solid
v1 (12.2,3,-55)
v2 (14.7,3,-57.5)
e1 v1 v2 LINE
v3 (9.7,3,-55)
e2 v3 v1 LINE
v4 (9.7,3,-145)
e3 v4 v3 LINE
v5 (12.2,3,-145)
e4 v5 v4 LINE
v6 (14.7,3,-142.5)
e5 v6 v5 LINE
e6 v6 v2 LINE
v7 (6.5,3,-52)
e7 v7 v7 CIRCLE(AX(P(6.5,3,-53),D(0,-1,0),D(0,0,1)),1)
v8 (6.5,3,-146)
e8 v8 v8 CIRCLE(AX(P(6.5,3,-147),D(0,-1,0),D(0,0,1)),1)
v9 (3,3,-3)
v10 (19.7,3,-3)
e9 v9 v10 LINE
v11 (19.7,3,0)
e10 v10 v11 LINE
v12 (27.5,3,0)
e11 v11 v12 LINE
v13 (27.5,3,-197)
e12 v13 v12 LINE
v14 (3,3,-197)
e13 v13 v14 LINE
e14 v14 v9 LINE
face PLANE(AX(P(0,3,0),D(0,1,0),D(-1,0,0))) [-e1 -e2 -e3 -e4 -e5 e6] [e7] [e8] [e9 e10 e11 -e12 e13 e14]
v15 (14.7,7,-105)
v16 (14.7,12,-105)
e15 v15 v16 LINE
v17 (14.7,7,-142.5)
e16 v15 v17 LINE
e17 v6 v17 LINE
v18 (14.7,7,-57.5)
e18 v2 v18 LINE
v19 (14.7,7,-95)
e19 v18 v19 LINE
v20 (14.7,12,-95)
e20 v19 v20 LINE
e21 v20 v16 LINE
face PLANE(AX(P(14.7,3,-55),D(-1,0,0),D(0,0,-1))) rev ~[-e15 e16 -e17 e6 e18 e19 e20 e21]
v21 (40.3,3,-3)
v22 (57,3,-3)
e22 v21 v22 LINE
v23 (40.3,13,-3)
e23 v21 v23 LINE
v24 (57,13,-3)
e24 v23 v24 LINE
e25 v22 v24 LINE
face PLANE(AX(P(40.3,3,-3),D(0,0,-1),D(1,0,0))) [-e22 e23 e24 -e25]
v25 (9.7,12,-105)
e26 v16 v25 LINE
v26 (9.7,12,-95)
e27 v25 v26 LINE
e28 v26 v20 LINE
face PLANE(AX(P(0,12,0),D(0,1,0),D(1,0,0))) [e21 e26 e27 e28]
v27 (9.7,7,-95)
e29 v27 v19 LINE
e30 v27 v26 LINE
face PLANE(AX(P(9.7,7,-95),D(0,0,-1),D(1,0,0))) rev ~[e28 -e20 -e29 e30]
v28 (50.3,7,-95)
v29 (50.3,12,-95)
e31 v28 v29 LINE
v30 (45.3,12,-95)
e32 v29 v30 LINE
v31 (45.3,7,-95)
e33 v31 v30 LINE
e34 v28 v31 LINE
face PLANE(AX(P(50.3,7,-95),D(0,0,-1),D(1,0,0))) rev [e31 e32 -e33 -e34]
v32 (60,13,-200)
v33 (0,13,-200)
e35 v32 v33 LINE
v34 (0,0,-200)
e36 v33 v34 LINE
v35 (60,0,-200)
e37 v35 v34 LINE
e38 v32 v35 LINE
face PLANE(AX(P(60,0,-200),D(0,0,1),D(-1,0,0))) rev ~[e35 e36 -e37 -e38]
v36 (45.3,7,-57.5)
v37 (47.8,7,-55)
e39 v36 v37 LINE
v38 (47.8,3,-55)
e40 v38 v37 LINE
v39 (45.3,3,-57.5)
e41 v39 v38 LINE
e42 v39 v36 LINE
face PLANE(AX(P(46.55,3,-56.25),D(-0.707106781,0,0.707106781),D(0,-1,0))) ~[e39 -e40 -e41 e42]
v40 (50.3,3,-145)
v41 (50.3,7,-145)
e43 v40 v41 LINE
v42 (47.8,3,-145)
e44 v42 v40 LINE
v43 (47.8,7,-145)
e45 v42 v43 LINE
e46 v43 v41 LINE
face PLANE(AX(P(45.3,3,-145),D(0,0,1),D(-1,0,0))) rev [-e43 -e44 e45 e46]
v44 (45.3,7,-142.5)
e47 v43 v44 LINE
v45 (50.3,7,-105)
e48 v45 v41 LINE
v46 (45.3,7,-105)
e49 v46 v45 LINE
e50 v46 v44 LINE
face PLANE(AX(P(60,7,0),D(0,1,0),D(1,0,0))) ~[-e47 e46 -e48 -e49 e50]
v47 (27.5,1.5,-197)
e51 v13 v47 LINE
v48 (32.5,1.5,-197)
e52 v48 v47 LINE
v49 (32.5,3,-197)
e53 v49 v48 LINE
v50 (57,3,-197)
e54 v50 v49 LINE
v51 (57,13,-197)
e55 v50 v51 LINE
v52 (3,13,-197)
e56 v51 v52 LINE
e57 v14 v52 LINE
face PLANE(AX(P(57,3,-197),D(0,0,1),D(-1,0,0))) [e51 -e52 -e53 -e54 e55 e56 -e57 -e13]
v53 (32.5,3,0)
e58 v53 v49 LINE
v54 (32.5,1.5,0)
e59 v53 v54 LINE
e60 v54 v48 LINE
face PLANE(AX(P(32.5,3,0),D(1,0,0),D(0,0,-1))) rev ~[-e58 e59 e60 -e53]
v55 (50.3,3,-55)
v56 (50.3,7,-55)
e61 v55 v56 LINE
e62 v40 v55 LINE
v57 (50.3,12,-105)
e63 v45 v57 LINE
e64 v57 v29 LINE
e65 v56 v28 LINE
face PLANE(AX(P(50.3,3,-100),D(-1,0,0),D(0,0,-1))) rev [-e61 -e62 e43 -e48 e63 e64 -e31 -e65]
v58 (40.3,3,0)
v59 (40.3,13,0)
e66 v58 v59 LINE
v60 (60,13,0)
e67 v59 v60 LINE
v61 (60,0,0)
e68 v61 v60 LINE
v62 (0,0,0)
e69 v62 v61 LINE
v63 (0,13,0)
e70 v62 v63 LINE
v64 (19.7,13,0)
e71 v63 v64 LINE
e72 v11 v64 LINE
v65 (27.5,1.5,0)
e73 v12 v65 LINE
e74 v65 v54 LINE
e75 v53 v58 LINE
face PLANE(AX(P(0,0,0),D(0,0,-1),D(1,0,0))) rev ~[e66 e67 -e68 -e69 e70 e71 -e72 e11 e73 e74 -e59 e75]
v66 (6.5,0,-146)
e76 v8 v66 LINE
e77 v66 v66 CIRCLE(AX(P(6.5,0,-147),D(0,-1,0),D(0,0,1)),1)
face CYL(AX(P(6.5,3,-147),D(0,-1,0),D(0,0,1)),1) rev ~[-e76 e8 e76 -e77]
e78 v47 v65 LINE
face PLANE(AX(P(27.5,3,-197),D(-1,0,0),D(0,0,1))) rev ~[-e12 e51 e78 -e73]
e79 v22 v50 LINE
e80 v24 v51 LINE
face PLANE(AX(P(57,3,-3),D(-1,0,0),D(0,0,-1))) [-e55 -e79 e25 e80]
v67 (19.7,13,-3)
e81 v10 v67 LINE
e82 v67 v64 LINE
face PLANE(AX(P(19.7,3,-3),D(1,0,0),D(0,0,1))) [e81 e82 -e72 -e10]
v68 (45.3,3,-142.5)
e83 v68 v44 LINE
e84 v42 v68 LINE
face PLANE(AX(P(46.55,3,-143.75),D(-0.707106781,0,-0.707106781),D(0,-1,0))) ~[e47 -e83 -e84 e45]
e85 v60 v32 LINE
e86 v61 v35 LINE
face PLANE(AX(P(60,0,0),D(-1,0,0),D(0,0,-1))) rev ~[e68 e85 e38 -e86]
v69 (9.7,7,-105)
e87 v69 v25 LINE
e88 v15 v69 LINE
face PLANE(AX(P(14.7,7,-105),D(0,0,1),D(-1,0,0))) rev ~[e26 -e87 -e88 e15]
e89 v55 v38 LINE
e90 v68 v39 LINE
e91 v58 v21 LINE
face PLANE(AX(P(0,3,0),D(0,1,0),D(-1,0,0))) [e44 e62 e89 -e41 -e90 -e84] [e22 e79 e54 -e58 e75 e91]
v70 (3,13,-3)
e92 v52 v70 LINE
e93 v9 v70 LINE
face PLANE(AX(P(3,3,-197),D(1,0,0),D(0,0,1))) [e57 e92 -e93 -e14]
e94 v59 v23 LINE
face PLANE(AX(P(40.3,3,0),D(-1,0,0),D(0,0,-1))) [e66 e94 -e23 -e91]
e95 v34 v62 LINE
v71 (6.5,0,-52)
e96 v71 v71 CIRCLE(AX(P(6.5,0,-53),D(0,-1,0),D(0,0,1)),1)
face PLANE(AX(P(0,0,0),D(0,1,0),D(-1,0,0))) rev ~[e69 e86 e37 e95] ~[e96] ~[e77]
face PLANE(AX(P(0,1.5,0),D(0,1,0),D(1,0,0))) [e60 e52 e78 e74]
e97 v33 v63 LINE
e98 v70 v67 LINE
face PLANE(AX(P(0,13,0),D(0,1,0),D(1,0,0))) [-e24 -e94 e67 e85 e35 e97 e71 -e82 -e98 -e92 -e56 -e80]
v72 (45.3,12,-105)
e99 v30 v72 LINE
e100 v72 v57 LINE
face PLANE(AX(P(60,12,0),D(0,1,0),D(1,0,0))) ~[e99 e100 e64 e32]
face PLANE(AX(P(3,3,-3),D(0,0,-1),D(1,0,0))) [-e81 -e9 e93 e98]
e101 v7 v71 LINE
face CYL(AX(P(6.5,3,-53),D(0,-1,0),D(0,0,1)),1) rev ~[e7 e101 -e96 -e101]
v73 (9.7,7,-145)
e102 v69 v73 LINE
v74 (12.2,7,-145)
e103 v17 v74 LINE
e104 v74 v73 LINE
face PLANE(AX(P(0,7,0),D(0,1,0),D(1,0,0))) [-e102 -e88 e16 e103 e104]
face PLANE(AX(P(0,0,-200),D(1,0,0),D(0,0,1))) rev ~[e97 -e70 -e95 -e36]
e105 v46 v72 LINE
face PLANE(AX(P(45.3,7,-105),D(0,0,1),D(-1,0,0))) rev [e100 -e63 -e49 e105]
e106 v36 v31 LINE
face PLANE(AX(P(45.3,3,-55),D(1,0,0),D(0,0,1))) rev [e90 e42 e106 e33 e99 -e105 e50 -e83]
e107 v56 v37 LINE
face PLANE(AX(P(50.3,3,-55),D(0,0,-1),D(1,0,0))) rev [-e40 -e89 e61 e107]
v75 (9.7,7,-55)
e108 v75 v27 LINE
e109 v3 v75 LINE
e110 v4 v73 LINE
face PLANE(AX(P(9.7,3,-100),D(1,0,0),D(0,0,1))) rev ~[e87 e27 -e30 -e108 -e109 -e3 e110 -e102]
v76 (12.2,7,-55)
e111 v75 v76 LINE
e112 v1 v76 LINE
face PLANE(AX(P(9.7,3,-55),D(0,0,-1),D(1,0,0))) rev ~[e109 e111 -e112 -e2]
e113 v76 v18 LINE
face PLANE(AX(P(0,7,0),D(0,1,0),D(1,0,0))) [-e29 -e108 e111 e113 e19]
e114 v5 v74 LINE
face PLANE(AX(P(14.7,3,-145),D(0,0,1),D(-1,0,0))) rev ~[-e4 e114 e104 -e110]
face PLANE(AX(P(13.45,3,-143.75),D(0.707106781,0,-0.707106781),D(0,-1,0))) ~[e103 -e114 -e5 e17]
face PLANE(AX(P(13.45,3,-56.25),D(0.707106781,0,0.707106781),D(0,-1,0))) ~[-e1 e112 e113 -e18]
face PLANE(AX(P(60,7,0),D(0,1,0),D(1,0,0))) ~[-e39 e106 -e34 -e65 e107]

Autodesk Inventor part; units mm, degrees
ref_plane "YZ Plane" through (0, 0, 0) normal (1, 0, 0) x (0, 1, 0)
ref_plane "XZ Plane" through (0, 0, 0) normal (0, 1, 0) x (-1, 0, 0)
ref_plane "XY Plane" through (0, 0, 0) normal (0, 0, 1) x (1, 0, 0)
sketch "Sketch1" plane through (0, 0, 0) normal (0, 1, 0) x (-1, 0, 0)
  line L0 (0, 0) -> (-60, 0)
  line L1 (-60, 0) -> (-60, -200)
  line L2 (-60, -200) -> (0, -200)
  line L3 (0, -200) -> (0, 0)
  dimension "d0" = 60
  dimension "d1" = 200
extrude "Base" add sketch "Sketch1" along normal blind 3
sketch "Sketch4" plane through (0, 3, 0) normal (0, 1, 0) x (1, 0, 0)
  line L0 (0, 0) -> (60, 0) projected
  line L1 (60, 0) -> (60, 200) projected
  line L2 (60, 200) -> (0, 200) projected
  line L3 (0, 200) -> (0, 0) projected
  line L4 (3, 3) -> (57, 3)
  line L5 (57, 3) -> (57, 197)
  line L6 (57, 197) -> (3, 197)
  line L7 (3, 197) -> (3, 3)
  line L8 (19.7, 0) -> (40.3, 0)
  line L9 (40.3, 0) -> (40.3, 3)
  line L10 (40.3, 3) -> (19.7, 3)
  line L11 (19.7, 3) -> (19.7, 0)
  point P0 (30, 0)
  point P1 (30, 3)
  dimension "d6" = 3
  dimension "d7" = 20.6
extrude "Paredes" add sketch "Sketch4" along normal blind 10 contours L3 L2 L1 L0 L9 L4 L5 L6 L7 L11
sketch "Sketch5" plane through (0, 3, 0) normal (0, 1, 0) x (1, 0, 0)
  line L0 (27.5, 0) -> (32.5, 0)
  line L1 (32.5, 0) -> (32.5, 197)
  line L2 (32.5, 197) -> (27.5, 197)
  line L3 (27.5, 197) -> (27.5, 0)
  line L4 (19.7, 0) -> (40.3, 0) projected
  line L5 (57, 197) -> (3, 197) projected
  point P0 (0, 0)
  point P1 (30, 0)
  point P2 (30, 197)
  dimension "d10" = 5
extrude "Canal" cut sketch "Sketch5" against normal blind 1.5
sketch "Sketch6" plane through (0, 3, 0) normal (0, 1, 0) x (1, 0, 0)
  line L0 (6.5, 3.0083) -> (6.5, 197)
  line L1 (27.5, 197) -> (3, 197) projected
  line L2 (3, 197) -> (3, 3) projected
  line L3 (3, 3) -> (19.7, 3) projected
  point P0 (0, 0)
  point P1 (6.5, 53)
  point P2 (6.5, 147)
  dimension "d13" = 3.5
  dimension "d14" = 50
  dimension "d15" = 50
hole "Agujeros" at (6.5, 3, -53) at (6.5, 3, -147) direction (0, -1, 0) diameter 2 end through all
ref_plane "Mitad" through (30, 3, -3) normal (1, 0, 0) x (0, 0, -1)
sketch "Sketch9" plane through (0, 3, 0) normal (0, 1, 0) x (1, 0, 0)
  line L0 (9.7, 55) -> (14.7, 55)
  line L1 (14.7, 55) -> (14.7, 145)
  line L2 (14.7, 145) -> (9.7, 145)
  line L3 (9.7, 145) -> (9.7, 55)
  line L4 (30, 240) -> (30, -40) projected
  line L5 (3, 197) -> (3, 3) projected
  line L6 (3, 100) -> (57, 100)
  line L7 (57, 197) -> (57, 3) projected
  point P0 (0, 0)
  point P1 (14.7, 100)
  dimension "d23" = 15.3
  dimension "d24" = 90
  dimension "d25" = 5
extrude "Soporte base" add sketch "Sketch9" along normal blind 4
chamfer "Chaflán soporte" distance 2.5 angle 45 2 edges at (14.7, 5, -55) (14.7, 5, -145)
sketch "Sketch10" plane through (0, 7, 0) normal (0, 1, 0) x (1, 0, 0)
  line L0 (9.7, 95) -> (14.7, 95)
  line L1 (14.7, 95) -> (14.7, 105)
  line L2 (14.7, 105) -> (9.7, 105)
  line L3 (9.7, 105) -> (9.7, 95)
  line L4 (9.7, 145) -> (9.7, 55) projected
  line L5 (14.7, 57.5) -> (14.7, 142.5) projected
  point P0 (0, 0)
  point P1 (9.7, 100)
  point P2 (14.7, 100)
  dimension "d31" = 10
extrude "Soporte tope" add sketch "Sketch10" along normal blind 5
mirror "Segundo soporte" about plane through (30, 3, -3) normal (1, 0, 0) of "Soporte base", "Chaflán soporte", "Soporte tope"
equation "\"d0\" = base_ancho"
equation "\"d1\" = base_largo"
equation "\"d2\" = base_alto"
equation "\"d6\" = muros_grosor"
equation "\"d7\" = hoja_ancho + 2 * margen"
equation "\"d8\" = muros_alto"
equation "\"d10\" = rail_grosor"
equation "\"d11\" = rail_alto"
equation "\"d13\" = base_agujeros_separacion"
equation "\"d14\" = base_agujeros_distancia"
equation "\"d15\" = d14"
equation "\"d16\" = base_agujeros_diametro"
equation "\"d21\" = d14"
equation "\"d23\" = 0.5 * hoja_ancho_total + margen"
equation "\"d24\" = deslizador_soporte_largo"
equation "\"d25\" = deslizador_soporte_ancho"
equation "\"d26\" = deslizador_soporte_alto"
equation "\"d28\" = 0.5 * deslizador_soporte_ancho"
equation "\"d31\" = deslizador_tope_largo"
equation "\"d32\" = deslizador_tope_alto"
equation "\"margen\" = 0.3"
equation "\"hoja_stop_largo\" = 5"
equation "\"hoja_stop_saliente\" = 5"
equation "\"hoja_stop_posicion\" = 5"
equation "\"hoja_alto\" = 3"
equation "\"rail_grosor\" = 5"
equation "\"base_alto\" = 3"
equation "\"base_ancho\" = 60"
equation "\"base_largo\" = 200"
equation "\"muros_alto\" = 10"
equation "\"muros_grosor\" = 3"
equation "\"rail_alto\" = 1.5"
equation "\"hoja_stop_biselado\" = 2"
equation "\"hoja_cola_biselado\" = 1"
equation "\"hoja_filo_biselado\" = 0.5"
equation "\"deslizador_soporte_alto\" = 4"
equation "\"deslizador_soporte_ancho\" = 5"
equation "\"deslizador_tope_alto\" = 5"
equation "\"deslizador_soporte_largo\" = 90"
equation "\"deslizador_tope_largo\" = 10"
equation "\"deslizador_alto\" = 3"
equation "\"tirador_agarre_largo\" = 3"
equation "\"deslizador_saliente\" = 5"
equation "\"deslizador_largo\" = 144"
equation "\"deslizador_interruptor_largo\" = 5"
equation "\"deslizador_interruptor_ancho\" = 7"
equation "\"traba_largo\" = 39"
equation "\"traba_diametro\" = 5"
equation "\"traba_ancho\" = 3"
equation "\"traba_top_alto\" = 3"
equation "\"traba_alto\" = 4"
equation "\"traba_top_largo\" = 5"
equation "\"traba_diametro_perforacion\" = 2"
equation "\"base_agujeros_distancia\" = 50"
equation "\"base_agujeros_separacion\" = 3.5"
equation "\"base_agujeros_diametro\" = 2"
equation "\"hoja_ancho\" = 20"
equation "\"hoja_ancho_total\" = 30"
properties part number "Base"
